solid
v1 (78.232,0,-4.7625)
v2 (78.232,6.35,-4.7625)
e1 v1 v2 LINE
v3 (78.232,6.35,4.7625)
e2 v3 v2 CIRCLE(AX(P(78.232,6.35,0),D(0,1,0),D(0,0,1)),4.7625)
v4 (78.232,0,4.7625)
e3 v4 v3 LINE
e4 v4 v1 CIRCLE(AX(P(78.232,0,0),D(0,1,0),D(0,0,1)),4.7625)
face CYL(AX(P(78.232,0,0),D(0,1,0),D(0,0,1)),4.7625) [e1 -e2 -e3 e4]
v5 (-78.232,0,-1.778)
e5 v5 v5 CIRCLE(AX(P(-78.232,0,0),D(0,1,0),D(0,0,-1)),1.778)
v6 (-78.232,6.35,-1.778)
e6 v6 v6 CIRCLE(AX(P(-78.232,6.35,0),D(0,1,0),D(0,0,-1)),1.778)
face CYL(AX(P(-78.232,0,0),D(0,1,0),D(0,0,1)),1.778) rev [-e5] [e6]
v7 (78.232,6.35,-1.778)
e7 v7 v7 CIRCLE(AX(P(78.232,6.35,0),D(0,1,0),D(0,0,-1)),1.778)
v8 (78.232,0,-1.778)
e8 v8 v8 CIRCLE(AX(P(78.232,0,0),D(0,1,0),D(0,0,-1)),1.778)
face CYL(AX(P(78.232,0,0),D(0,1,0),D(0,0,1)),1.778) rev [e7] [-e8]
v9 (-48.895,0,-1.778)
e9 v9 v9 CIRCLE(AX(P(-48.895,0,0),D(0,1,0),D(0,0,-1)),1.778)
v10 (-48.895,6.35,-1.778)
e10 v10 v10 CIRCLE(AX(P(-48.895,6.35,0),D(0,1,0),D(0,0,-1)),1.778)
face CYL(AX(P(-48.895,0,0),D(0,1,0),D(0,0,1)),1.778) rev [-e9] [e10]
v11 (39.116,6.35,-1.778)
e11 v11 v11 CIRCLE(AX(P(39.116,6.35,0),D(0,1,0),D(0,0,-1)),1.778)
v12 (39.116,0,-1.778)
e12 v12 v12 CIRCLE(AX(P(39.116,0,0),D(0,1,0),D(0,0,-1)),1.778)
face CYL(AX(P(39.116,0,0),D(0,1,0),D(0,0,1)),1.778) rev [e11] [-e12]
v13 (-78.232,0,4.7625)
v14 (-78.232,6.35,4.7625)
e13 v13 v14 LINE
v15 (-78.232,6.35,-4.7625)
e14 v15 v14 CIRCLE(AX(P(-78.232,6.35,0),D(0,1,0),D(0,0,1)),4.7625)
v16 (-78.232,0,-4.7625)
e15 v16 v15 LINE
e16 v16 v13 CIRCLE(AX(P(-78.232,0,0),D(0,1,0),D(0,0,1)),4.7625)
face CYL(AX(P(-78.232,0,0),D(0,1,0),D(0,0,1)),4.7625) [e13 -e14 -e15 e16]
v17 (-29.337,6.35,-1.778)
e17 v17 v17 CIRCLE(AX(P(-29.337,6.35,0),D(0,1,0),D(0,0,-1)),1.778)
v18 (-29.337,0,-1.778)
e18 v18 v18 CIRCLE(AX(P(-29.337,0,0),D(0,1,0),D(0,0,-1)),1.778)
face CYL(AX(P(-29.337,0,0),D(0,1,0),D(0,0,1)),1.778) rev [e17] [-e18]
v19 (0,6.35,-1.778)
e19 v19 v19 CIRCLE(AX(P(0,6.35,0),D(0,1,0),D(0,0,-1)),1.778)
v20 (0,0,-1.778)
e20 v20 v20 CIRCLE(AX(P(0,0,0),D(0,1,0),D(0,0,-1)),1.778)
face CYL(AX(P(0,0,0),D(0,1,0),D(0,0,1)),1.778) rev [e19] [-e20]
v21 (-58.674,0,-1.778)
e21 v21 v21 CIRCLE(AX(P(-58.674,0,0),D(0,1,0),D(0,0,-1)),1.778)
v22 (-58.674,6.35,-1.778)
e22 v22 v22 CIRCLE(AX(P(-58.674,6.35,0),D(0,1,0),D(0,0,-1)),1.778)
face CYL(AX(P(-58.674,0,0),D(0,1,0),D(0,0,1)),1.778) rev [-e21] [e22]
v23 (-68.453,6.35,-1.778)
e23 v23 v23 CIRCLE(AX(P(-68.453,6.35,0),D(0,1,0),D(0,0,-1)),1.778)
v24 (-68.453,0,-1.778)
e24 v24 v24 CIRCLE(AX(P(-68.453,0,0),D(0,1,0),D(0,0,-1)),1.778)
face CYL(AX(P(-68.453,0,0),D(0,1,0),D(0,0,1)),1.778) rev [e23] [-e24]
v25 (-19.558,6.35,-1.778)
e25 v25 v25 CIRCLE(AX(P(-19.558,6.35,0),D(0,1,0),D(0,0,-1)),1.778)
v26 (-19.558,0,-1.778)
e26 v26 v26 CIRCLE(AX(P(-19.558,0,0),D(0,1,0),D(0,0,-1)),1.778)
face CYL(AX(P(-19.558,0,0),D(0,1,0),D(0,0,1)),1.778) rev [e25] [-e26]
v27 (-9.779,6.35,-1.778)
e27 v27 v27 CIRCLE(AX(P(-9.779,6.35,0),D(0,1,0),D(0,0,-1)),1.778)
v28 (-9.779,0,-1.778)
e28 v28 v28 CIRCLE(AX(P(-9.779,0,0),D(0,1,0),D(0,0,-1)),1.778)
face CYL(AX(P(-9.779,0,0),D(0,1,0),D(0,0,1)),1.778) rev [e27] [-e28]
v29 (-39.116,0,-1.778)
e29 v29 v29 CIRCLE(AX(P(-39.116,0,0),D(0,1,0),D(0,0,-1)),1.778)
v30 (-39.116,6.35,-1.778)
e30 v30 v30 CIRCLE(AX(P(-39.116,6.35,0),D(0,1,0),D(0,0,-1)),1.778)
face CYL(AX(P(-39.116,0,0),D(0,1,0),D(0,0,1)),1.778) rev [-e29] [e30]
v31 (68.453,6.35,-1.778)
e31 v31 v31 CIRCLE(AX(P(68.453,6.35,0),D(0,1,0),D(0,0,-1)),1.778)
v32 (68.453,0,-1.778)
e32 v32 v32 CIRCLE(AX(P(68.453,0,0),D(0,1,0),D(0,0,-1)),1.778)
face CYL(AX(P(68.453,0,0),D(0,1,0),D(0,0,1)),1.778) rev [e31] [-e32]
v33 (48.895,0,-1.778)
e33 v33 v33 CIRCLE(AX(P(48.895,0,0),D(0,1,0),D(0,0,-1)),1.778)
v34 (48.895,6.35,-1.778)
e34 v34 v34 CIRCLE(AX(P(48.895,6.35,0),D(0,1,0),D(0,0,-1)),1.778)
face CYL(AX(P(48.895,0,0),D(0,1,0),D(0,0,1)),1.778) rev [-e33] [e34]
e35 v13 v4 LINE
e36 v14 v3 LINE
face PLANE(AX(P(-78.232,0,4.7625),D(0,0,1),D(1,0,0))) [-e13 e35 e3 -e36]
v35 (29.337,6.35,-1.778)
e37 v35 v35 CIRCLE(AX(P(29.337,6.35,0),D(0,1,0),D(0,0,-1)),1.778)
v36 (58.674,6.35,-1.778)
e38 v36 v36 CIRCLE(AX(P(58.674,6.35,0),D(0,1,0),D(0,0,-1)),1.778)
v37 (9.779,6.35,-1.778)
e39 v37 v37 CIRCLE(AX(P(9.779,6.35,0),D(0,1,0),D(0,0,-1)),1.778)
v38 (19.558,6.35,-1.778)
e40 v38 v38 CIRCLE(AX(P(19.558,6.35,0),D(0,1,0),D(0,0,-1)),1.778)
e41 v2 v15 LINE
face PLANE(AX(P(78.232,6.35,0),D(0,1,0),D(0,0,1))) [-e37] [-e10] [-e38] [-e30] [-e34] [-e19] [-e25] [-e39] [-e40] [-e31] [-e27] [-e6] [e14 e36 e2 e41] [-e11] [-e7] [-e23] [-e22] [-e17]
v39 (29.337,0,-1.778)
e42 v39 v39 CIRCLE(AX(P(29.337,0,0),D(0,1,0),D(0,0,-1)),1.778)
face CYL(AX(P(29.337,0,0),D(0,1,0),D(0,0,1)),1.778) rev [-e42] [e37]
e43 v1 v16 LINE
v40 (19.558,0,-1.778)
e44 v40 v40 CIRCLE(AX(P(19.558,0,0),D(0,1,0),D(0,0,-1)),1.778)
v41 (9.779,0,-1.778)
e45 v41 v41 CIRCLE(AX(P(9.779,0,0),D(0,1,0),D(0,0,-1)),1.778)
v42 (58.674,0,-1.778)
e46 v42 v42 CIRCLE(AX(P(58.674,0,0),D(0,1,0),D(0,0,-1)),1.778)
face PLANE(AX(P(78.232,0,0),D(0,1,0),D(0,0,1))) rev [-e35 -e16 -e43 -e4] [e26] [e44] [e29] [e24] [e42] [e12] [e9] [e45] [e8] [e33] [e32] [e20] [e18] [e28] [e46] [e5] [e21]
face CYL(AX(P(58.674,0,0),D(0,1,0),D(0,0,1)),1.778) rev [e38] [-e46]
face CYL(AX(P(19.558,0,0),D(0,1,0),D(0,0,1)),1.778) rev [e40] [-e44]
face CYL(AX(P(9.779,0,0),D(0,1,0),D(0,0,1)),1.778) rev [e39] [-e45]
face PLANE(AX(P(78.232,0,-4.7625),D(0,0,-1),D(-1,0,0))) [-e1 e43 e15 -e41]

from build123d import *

# Parameters (mm, degrees)
SKETCH1_R           = 1.778
BOSS_EXTRUDE1_DEPTH = 6.35


with BuildPart() as part:
    # Sketch1 → Boss-Extrude1 (new body)
    with BuildSketch(Plane(origin=(0, 6.35, 0), x_dir=(1, 0, 0), z_dir=(0, 1, 0))):
        with BuildLine():
            Line((78.232, 4.7625), (-78.232, 4.7625))
            ThreePointArc((-78.232, 4.7625), (-82.9945, 0), (-78.232, -4.7625))
            Line((-78.232, -4.7625), (78.232, -4.7625))
            ThreePointArc((78.232, -4.7625), (82.9945, 0), (78.232, 4.7625))
        make_face()
        with Locations((78.232, 0)):
            Circle(SKETCH1_R, mode=Mode.SUBTRACT)
        with Locations((68.453, 0)):
            Circle(SKETCH1_R, mode=Mode.SUBTRACT)
        with Locations((58.674, 0)):
            Circle(SKETCH1_R, mode=Mode.SUBTRACT)
        with Locations((48.895, 0)):
            Circle(SKETCH1_R, mode=Mode.SUBTRACT)
        with Locations((39.116, 0)):
            Circle(SKETCH1_R, mode=Mode.SUBTRACT)
        with Locations((29.337, 0)):
            Circle(SKETCH1_R, mode=Mode.SUBTRACT)
        with Locations((19.558, 0)):
            Circle(SKETCH1_R, mode=Mode.SUBTRACT)
        with Locations((9.779, 0)):
            Circle(SKETCH1_R, mode=Mode.SUBTRACT)
        Circle(SKETCH1_R, mode=Mode.SUBTRACT)
        with Locations((-9.779, 0)):
            Circle(SKETCH1_R, mode=Mode.SUBTRACT)
        with Locations((-19.558, 0)):
            Circle(SKETCH1_R, mode=Mode.SUBTRACT)
        with Locations((-29.337, 0)):
            Circle(SKETCH1_R, mode=Mode.SUBTRACT)
        with Locations((-39.116, 0)):
            Circle(SKETCH1_R, mode=Mode.SUBTRACT)
        with Locations((-48.895, 0)):
            Circle(SKETCH1_R, mode=Mode.SUBTRACT)
        with Locations((-58.674, 0)):
            Circle(SKETCH1_R, mode=Mode.SUBTRACT)
        with Locations((-68.453, 0)):
            Circle(SKETCH1_R, mode=Mode.SUBTRACT)
        with Locations((-78.232, 0)):
            Circle(SKETCH1_R, mode=Mode.SUBTRACT)
    extrude(amount=-BOSS_EXTRUDE1_DEPTH)


solid = part.part
